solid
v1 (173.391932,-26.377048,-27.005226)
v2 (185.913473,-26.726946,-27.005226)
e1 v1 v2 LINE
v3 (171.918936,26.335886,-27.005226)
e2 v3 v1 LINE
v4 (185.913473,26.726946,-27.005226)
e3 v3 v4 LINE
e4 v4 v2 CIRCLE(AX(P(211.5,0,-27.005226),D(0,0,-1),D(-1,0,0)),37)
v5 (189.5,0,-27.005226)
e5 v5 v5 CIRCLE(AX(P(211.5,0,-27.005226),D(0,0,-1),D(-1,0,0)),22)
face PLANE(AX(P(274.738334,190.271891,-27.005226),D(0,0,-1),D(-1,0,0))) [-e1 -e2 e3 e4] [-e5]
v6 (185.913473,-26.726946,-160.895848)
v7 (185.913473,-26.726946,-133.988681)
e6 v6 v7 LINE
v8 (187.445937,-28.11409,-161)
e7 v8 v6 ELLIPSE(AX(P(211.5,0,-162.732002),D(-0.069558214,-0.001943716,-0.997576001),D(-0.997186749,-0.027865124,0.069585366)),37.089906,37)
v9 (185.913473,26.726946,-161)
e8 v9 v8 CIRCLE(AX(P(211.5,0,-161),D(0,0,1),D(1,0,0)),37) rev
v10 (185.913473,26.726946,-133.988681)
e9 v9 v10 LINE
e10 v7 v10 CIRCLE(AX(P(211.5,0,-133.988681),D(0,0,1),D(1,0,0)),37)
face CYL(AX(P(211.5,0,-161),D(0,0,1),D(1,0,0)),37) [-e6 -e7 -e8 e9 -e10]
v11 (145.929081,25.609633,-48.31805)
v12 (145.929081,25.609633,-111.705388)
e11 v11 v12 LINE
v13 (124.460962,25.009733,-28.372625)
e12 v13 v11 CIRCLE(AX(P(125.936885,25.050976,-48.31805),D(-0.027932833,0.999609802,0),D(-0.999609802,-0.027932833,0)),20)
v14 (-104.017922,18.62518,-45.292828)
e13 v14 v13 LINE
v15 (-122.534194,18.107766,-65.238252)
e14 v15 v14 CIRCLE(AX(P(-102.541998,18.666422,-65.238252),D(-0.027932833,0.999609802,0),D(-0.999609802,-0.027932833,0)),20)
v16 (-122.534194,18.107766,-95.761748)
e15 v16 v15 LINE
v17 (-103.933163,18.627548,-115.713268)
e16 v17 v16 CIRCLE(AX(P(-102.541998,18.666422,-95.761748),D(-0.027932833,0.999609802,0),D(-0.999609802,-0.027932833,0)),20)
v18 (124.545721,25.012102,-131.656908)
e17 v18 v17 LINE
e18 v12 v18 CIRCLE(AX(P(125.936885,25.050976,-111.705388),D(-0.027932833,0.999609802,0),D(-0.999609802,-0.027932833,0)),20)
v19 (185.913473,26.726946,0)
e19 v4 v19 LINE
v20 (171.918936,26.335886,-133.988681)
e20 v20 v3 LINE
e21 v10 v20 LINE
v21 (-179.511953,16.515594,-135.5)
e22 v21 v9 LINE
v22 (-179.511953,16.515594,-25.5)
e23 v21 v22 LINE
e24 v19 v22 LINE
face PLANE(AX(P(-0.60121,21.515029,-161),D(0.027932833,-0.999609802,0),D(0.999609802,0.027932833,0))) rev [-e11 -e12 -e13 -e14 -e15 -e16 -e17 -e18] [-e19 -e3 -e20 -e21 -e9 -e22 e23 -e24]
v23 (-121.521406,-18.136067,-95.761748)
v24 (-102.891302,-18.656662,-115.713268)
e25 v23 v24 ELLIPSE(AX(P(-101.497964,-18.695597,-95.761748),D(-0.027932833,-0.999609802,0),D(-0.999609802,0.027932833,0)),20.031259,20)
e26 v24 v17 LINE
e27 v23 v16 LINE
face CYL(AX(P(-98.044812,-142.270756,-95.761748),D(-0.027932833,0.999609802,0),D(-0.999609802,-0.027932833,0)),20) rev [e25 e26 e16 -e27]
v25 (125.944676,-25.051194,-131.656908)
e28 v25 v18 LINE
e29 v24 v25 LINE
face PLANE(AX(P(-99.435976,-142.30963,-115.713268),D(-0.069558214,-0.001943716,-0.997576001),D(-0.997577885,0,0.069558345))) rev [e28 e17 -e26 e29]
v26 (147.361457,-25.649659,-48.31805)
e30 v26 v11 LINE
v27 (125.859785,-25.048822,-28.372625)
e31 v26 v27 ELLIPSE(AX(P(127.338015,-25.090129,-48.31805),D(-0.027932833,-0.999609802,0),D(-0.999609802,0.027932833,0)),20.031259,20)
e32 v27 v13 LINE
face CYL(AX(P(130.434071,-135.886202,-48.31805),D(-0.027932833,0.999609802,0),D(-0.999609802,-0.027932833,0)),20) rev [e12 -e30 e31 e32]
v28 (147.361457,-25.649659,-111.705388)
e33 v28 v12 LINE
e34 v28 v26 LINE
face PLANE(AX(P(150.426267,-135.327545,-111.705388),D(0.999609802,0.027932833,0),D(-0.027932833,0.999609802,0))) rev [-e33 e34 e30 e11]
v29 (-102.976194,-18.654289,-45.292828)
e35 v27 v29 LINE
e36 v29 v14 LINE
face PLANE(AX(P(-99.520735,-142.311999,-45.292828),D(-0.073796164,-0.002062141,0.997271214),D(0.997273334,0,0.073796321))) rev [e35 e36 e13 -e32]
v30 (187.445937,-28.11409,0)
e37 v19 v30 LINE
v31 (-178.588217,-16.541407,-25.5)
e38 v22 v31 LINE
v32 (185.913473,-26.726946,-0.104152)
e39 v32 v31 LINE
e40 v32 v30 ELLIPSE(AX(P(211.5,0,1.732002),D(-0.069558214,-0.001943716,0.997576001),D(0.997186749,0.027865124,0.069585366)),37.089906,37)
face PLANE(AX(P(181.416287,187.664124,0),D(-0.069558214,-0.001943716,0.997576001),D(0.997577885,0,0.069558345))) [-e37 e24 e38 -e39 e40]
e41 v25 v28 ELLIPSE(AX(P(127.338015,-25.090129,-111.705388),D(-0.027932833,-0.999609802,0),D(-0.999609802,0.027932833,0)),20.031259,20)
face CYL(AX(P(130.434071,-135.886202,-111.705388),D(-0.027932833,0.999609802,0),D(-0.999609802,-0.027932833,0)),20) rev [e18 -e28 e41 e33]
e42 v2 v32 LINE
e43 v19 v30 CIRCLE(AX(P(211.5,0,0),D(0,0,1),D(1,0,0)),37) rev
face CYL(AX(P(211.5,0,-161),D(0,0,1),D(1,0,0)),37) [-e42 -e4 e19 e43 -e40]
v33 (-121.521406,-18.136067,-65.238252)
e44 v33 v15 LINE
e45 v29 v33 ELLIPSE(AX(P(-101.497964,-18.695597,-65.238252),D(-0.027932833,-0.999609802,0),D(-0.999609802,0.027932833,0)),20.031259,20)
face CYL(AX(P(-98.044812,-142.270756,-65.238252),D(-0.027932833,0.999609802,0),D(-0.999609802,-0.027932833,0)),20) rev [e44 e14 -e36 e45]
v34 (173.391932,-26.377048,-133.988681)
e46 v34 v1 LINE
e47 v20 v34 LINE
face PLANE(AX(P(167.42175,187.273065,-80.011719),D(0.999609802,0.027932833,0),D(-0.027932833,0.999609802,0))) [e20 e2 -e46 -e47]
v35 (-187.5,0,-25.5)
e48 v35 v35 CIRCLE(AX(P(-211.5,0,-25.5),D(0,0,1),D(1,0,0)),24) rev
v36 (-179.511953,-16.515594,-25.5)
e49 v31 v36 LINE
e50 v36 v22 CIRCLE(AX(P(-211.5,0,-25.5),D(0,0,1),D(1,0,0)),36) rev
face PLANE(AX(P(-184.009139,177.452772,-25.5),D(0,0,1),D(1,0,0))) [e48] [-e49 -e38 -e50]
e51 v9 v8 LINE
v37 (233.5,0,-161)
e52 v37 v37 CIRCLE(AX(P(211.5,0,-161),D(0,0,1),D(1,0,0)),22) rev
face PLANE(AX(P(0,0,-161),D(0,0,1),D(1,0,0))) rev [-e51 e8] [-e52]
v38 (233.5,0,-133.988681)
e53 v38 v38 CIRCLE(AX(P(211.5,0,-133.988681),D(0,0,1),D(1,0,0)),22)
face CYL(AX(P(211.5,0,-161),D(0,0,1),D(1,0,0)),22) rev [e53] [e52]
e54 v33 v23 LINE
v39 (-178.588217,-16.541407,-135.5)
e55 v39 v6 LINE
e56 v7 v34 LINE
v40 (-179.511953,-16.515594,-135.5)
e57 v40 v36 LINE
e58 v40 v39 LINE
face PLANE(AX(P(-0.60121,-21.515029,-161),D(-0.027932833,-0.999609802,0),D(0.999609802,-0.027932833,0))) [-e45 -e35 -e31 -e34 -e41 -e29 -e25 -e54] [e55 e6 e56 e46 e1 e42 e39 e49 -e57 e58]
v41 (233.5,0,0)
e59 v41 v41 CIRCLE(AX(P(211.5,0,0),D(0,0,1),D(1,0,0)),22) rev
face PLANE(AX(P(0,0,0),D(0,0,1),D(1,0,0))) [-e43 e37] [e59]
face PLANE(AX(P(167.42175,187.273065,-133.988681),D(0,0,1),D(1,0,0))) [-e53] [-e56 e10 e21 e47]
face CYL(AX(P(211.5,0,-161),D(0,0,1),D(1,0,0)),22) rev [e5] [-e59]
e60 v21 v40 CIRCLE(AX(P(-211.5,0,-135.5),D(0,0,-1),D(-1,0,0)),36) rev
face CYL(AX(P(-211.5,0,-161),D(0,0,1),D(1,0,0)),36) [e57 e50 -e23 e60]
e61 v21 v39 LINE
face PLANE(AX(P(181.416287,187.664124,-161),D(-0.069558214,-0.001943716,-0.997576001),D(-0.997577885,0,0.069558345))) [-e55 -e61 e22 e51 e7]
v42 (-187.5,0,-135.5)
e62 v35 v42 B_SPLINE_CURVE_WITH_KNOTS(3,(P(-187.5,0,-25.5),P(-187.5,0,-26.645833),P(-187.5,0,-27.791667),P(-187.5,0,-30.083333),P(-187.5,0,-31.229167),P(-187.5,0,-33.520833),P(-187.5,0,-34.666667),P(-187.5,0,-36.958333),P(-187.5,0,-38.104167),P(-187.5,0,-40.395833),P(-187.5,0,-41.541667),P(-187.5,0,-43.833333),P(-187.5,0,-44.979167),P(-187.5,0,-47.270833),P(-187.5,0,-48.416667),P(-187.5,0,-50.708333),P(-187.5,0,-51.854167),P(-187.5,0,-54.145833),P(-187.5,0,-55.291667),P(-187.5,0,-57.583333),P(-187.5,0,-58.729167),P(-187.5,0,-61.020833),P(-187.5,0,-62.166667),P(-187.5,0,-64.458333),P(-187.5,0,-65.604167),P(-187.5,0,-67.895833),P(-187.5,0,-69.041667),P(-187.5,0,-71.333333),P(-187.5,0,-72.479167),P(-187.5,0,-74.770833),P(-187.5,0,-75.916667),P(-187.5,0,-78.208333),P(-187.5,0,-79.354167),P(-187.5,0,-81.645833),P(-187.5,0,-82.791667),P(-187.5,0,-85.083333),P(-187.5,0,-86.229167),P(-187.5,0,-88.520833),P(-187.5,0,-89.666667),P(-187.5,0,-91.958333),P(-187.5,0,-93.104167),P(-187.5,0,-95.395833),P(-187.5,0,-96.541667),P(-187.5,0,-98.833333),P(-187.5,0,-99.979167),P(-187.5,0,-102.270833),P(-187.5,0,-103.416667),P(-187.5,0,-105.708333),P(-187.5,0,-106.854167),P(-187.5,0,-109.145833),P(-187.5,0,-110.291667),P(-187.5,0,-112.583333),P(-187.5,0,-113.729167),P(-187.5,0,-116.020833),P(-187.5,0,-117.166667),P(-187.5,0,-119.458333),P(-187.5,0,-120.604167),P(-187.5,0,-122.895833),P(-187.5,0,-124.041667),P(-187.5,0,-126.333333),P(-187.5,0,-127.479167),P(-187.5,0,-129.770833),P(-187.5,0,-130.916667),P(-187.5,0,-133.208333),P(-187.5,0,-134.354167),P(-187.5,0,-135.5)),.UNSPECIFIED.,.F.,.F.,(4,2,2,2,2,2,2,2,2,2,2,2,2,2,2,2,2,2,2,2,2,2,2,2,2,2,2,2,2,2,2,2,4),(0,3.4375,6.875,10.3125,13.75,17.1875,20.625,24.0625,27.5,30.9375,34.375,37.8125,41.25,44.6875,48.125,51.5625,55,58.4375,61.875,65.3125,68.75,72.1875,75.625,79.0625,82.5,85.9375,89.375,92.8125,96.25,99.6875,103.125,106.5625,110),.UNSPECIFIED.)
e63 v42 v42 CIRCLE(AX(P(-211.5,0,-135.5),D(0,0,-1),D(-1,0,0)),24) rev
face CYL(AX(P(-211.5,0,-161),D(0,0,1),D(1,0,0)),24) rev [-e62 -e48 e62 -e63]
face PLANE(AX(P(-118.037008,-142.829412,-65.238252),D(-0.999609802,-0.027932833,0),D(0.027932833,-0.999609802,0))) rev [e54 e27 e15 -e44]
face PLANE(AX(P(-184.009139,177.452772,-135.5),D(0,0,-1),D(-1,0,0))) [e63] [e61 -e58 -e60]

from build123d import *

# Parameters (mm, degrees)
SKETCH1_R               = 22
SKETCH1_R_2             = 24
BOSS_EXTRUDE1_DEPTH     = 161
CUT_EXTRUDE1_DEPTH      = 161
CUT_EXTRUDE1_DEPTH_BACK = 161
CUT_EXTRUDE2_DEPTH      = 161
CUT_EXTRUDE3_DEPTH      = 161
CUT_EXTRUDE3_DEPTH_BACK = 161


with BuildPart() as part:
    # Sketch1 → Boss-Extrude1 (new body)
    with BuildSketch(Plane.XY):
        with BuildLine():
            Line((-179.511953074, -16.515594264), (185.913473281, -26.726946149))
            ThreePointArc((185.913473281, -26.726946149), (248.5, 0), (185.913473281, 26.726946149))
            Line((185.913473281, 26.726946149), (-179.511953074, 16.515594264))
            ThreePointArc((-179.511953074, 16.515594264), (-247.5, 0), (-179.511953074, -16.515594264))
        make_face()
        with Locations((211.5, 0)):
            Circle(SKETCH1_R, mode=Mode.SUBTRACT)
        with Locations((-211.5, 0)):
            Circle(SKETCH1_R_2, mode=Mode.SUBTRACT)
    extrude(amount=-BOSS_EXTRUDE1_DEPTH)

    # Sketch3 → Cut-Extrude1 (cut, two sides: drawn at the far end of the back side and taken through both)
    with BuildSketch(Plane(origin=(-0.601210303, 21.515028947, 0), x_dir=(0.9996098022907813, 0.027932833085548846, 0), z_dir=(-0.027932833085548846, 0.9996098022907813, 0)).offset(-CUT_EXTRUDE1_DEPTH_BACK)):
        Polygon((-178.980580584, 135.5), (-268.840136548, 135.5), (-268.840136548, 212.571288089), (186.587489595, 212.571288089), (186.587489595, 161), align=None)
        Polygon((-178.980580584, 25.5), (-268.840136548, 25.5), (-268.840136548, -47.637415265), (186.587489595, -47.637415265), (186.587489595, 0), align=None)
    extrude(amount=CUT_EXTRUDE1_DEPTH + CUT_EXTRUDE1_DEPTH_BACK, mode=Mode.SUBTRACT)

    # Sketch4 → Cut-Extrude2 (cut)
    with BuildSketch(Plane(origin=(-0.601210303, 21.515028947, 0), x_dir=(0.9996098022907813, 0.027932833085548846, 0), z_dir=(-0.027932833085548846, 0.9996098022907813, 0))):
        with BuildLine():
            Line((-121.980580584, 65.23825231), (-121.980580584, 95.76174769))
            ThreePointArc((-121.980580584, 95.76174769), (-116.606484769, 109.402969291), (-103.372287906, 115.713267701))
            Line((-103.372287906, 115.713267701), (125.195782273, 131.656907928))
            ThreePointArc((125.195782273, 131.656907928), (140.228711197, 126.331292103), (146.587489595, 111.705387918))
            Line((146.587489595, 111.705387918), (146.587489595, 48.31804977))
            ThreePointArc((146.587489595, 48.31804977), (140.197596355, 33.6631873), (125.110990195, 28.372625495))
            Line((125.110990195, 28.372625495), (-103.457079984, 45.292828035))
            ThreePointArc((-103.457079984, 45.292828035), (-116.635443053, 51.628145551), (-121.980580584, 65.23825231))
        make_face()
    extrude(amount=-CUT_EXTRUDE2_DEPTH, mode=Mode.SUBTRACT)

    # Sketch6 → Cut-Extrude3 (cut, two sides: drawn at the far end of the back side and taken through both)
    with BuildSketch(Plane(origin=(-0.601210303, 21.515028947, 0), x_dir=(0.9996098022907813, 0.027932833085548846, 0), z_dir=(-0.027932833085548846, 0.9996098022907813, 0)).offset(-CUT_EXTRUDE3_DEPTH_BACK)):
        Polygon((172.587489595, 80.011718844), (172.587489595, 133.988681084), (279.945964302, 133.988681084), (279.945964302, 27.005225925), (172.587489595, 27.005225925), align=None)
    extrude(amount=CUT_EXTRUDE3_DEPTH + CUT_EXTRUDE3_DEPTH_BACK, mode=Mode.SUBTRACT)


solid = part.part
